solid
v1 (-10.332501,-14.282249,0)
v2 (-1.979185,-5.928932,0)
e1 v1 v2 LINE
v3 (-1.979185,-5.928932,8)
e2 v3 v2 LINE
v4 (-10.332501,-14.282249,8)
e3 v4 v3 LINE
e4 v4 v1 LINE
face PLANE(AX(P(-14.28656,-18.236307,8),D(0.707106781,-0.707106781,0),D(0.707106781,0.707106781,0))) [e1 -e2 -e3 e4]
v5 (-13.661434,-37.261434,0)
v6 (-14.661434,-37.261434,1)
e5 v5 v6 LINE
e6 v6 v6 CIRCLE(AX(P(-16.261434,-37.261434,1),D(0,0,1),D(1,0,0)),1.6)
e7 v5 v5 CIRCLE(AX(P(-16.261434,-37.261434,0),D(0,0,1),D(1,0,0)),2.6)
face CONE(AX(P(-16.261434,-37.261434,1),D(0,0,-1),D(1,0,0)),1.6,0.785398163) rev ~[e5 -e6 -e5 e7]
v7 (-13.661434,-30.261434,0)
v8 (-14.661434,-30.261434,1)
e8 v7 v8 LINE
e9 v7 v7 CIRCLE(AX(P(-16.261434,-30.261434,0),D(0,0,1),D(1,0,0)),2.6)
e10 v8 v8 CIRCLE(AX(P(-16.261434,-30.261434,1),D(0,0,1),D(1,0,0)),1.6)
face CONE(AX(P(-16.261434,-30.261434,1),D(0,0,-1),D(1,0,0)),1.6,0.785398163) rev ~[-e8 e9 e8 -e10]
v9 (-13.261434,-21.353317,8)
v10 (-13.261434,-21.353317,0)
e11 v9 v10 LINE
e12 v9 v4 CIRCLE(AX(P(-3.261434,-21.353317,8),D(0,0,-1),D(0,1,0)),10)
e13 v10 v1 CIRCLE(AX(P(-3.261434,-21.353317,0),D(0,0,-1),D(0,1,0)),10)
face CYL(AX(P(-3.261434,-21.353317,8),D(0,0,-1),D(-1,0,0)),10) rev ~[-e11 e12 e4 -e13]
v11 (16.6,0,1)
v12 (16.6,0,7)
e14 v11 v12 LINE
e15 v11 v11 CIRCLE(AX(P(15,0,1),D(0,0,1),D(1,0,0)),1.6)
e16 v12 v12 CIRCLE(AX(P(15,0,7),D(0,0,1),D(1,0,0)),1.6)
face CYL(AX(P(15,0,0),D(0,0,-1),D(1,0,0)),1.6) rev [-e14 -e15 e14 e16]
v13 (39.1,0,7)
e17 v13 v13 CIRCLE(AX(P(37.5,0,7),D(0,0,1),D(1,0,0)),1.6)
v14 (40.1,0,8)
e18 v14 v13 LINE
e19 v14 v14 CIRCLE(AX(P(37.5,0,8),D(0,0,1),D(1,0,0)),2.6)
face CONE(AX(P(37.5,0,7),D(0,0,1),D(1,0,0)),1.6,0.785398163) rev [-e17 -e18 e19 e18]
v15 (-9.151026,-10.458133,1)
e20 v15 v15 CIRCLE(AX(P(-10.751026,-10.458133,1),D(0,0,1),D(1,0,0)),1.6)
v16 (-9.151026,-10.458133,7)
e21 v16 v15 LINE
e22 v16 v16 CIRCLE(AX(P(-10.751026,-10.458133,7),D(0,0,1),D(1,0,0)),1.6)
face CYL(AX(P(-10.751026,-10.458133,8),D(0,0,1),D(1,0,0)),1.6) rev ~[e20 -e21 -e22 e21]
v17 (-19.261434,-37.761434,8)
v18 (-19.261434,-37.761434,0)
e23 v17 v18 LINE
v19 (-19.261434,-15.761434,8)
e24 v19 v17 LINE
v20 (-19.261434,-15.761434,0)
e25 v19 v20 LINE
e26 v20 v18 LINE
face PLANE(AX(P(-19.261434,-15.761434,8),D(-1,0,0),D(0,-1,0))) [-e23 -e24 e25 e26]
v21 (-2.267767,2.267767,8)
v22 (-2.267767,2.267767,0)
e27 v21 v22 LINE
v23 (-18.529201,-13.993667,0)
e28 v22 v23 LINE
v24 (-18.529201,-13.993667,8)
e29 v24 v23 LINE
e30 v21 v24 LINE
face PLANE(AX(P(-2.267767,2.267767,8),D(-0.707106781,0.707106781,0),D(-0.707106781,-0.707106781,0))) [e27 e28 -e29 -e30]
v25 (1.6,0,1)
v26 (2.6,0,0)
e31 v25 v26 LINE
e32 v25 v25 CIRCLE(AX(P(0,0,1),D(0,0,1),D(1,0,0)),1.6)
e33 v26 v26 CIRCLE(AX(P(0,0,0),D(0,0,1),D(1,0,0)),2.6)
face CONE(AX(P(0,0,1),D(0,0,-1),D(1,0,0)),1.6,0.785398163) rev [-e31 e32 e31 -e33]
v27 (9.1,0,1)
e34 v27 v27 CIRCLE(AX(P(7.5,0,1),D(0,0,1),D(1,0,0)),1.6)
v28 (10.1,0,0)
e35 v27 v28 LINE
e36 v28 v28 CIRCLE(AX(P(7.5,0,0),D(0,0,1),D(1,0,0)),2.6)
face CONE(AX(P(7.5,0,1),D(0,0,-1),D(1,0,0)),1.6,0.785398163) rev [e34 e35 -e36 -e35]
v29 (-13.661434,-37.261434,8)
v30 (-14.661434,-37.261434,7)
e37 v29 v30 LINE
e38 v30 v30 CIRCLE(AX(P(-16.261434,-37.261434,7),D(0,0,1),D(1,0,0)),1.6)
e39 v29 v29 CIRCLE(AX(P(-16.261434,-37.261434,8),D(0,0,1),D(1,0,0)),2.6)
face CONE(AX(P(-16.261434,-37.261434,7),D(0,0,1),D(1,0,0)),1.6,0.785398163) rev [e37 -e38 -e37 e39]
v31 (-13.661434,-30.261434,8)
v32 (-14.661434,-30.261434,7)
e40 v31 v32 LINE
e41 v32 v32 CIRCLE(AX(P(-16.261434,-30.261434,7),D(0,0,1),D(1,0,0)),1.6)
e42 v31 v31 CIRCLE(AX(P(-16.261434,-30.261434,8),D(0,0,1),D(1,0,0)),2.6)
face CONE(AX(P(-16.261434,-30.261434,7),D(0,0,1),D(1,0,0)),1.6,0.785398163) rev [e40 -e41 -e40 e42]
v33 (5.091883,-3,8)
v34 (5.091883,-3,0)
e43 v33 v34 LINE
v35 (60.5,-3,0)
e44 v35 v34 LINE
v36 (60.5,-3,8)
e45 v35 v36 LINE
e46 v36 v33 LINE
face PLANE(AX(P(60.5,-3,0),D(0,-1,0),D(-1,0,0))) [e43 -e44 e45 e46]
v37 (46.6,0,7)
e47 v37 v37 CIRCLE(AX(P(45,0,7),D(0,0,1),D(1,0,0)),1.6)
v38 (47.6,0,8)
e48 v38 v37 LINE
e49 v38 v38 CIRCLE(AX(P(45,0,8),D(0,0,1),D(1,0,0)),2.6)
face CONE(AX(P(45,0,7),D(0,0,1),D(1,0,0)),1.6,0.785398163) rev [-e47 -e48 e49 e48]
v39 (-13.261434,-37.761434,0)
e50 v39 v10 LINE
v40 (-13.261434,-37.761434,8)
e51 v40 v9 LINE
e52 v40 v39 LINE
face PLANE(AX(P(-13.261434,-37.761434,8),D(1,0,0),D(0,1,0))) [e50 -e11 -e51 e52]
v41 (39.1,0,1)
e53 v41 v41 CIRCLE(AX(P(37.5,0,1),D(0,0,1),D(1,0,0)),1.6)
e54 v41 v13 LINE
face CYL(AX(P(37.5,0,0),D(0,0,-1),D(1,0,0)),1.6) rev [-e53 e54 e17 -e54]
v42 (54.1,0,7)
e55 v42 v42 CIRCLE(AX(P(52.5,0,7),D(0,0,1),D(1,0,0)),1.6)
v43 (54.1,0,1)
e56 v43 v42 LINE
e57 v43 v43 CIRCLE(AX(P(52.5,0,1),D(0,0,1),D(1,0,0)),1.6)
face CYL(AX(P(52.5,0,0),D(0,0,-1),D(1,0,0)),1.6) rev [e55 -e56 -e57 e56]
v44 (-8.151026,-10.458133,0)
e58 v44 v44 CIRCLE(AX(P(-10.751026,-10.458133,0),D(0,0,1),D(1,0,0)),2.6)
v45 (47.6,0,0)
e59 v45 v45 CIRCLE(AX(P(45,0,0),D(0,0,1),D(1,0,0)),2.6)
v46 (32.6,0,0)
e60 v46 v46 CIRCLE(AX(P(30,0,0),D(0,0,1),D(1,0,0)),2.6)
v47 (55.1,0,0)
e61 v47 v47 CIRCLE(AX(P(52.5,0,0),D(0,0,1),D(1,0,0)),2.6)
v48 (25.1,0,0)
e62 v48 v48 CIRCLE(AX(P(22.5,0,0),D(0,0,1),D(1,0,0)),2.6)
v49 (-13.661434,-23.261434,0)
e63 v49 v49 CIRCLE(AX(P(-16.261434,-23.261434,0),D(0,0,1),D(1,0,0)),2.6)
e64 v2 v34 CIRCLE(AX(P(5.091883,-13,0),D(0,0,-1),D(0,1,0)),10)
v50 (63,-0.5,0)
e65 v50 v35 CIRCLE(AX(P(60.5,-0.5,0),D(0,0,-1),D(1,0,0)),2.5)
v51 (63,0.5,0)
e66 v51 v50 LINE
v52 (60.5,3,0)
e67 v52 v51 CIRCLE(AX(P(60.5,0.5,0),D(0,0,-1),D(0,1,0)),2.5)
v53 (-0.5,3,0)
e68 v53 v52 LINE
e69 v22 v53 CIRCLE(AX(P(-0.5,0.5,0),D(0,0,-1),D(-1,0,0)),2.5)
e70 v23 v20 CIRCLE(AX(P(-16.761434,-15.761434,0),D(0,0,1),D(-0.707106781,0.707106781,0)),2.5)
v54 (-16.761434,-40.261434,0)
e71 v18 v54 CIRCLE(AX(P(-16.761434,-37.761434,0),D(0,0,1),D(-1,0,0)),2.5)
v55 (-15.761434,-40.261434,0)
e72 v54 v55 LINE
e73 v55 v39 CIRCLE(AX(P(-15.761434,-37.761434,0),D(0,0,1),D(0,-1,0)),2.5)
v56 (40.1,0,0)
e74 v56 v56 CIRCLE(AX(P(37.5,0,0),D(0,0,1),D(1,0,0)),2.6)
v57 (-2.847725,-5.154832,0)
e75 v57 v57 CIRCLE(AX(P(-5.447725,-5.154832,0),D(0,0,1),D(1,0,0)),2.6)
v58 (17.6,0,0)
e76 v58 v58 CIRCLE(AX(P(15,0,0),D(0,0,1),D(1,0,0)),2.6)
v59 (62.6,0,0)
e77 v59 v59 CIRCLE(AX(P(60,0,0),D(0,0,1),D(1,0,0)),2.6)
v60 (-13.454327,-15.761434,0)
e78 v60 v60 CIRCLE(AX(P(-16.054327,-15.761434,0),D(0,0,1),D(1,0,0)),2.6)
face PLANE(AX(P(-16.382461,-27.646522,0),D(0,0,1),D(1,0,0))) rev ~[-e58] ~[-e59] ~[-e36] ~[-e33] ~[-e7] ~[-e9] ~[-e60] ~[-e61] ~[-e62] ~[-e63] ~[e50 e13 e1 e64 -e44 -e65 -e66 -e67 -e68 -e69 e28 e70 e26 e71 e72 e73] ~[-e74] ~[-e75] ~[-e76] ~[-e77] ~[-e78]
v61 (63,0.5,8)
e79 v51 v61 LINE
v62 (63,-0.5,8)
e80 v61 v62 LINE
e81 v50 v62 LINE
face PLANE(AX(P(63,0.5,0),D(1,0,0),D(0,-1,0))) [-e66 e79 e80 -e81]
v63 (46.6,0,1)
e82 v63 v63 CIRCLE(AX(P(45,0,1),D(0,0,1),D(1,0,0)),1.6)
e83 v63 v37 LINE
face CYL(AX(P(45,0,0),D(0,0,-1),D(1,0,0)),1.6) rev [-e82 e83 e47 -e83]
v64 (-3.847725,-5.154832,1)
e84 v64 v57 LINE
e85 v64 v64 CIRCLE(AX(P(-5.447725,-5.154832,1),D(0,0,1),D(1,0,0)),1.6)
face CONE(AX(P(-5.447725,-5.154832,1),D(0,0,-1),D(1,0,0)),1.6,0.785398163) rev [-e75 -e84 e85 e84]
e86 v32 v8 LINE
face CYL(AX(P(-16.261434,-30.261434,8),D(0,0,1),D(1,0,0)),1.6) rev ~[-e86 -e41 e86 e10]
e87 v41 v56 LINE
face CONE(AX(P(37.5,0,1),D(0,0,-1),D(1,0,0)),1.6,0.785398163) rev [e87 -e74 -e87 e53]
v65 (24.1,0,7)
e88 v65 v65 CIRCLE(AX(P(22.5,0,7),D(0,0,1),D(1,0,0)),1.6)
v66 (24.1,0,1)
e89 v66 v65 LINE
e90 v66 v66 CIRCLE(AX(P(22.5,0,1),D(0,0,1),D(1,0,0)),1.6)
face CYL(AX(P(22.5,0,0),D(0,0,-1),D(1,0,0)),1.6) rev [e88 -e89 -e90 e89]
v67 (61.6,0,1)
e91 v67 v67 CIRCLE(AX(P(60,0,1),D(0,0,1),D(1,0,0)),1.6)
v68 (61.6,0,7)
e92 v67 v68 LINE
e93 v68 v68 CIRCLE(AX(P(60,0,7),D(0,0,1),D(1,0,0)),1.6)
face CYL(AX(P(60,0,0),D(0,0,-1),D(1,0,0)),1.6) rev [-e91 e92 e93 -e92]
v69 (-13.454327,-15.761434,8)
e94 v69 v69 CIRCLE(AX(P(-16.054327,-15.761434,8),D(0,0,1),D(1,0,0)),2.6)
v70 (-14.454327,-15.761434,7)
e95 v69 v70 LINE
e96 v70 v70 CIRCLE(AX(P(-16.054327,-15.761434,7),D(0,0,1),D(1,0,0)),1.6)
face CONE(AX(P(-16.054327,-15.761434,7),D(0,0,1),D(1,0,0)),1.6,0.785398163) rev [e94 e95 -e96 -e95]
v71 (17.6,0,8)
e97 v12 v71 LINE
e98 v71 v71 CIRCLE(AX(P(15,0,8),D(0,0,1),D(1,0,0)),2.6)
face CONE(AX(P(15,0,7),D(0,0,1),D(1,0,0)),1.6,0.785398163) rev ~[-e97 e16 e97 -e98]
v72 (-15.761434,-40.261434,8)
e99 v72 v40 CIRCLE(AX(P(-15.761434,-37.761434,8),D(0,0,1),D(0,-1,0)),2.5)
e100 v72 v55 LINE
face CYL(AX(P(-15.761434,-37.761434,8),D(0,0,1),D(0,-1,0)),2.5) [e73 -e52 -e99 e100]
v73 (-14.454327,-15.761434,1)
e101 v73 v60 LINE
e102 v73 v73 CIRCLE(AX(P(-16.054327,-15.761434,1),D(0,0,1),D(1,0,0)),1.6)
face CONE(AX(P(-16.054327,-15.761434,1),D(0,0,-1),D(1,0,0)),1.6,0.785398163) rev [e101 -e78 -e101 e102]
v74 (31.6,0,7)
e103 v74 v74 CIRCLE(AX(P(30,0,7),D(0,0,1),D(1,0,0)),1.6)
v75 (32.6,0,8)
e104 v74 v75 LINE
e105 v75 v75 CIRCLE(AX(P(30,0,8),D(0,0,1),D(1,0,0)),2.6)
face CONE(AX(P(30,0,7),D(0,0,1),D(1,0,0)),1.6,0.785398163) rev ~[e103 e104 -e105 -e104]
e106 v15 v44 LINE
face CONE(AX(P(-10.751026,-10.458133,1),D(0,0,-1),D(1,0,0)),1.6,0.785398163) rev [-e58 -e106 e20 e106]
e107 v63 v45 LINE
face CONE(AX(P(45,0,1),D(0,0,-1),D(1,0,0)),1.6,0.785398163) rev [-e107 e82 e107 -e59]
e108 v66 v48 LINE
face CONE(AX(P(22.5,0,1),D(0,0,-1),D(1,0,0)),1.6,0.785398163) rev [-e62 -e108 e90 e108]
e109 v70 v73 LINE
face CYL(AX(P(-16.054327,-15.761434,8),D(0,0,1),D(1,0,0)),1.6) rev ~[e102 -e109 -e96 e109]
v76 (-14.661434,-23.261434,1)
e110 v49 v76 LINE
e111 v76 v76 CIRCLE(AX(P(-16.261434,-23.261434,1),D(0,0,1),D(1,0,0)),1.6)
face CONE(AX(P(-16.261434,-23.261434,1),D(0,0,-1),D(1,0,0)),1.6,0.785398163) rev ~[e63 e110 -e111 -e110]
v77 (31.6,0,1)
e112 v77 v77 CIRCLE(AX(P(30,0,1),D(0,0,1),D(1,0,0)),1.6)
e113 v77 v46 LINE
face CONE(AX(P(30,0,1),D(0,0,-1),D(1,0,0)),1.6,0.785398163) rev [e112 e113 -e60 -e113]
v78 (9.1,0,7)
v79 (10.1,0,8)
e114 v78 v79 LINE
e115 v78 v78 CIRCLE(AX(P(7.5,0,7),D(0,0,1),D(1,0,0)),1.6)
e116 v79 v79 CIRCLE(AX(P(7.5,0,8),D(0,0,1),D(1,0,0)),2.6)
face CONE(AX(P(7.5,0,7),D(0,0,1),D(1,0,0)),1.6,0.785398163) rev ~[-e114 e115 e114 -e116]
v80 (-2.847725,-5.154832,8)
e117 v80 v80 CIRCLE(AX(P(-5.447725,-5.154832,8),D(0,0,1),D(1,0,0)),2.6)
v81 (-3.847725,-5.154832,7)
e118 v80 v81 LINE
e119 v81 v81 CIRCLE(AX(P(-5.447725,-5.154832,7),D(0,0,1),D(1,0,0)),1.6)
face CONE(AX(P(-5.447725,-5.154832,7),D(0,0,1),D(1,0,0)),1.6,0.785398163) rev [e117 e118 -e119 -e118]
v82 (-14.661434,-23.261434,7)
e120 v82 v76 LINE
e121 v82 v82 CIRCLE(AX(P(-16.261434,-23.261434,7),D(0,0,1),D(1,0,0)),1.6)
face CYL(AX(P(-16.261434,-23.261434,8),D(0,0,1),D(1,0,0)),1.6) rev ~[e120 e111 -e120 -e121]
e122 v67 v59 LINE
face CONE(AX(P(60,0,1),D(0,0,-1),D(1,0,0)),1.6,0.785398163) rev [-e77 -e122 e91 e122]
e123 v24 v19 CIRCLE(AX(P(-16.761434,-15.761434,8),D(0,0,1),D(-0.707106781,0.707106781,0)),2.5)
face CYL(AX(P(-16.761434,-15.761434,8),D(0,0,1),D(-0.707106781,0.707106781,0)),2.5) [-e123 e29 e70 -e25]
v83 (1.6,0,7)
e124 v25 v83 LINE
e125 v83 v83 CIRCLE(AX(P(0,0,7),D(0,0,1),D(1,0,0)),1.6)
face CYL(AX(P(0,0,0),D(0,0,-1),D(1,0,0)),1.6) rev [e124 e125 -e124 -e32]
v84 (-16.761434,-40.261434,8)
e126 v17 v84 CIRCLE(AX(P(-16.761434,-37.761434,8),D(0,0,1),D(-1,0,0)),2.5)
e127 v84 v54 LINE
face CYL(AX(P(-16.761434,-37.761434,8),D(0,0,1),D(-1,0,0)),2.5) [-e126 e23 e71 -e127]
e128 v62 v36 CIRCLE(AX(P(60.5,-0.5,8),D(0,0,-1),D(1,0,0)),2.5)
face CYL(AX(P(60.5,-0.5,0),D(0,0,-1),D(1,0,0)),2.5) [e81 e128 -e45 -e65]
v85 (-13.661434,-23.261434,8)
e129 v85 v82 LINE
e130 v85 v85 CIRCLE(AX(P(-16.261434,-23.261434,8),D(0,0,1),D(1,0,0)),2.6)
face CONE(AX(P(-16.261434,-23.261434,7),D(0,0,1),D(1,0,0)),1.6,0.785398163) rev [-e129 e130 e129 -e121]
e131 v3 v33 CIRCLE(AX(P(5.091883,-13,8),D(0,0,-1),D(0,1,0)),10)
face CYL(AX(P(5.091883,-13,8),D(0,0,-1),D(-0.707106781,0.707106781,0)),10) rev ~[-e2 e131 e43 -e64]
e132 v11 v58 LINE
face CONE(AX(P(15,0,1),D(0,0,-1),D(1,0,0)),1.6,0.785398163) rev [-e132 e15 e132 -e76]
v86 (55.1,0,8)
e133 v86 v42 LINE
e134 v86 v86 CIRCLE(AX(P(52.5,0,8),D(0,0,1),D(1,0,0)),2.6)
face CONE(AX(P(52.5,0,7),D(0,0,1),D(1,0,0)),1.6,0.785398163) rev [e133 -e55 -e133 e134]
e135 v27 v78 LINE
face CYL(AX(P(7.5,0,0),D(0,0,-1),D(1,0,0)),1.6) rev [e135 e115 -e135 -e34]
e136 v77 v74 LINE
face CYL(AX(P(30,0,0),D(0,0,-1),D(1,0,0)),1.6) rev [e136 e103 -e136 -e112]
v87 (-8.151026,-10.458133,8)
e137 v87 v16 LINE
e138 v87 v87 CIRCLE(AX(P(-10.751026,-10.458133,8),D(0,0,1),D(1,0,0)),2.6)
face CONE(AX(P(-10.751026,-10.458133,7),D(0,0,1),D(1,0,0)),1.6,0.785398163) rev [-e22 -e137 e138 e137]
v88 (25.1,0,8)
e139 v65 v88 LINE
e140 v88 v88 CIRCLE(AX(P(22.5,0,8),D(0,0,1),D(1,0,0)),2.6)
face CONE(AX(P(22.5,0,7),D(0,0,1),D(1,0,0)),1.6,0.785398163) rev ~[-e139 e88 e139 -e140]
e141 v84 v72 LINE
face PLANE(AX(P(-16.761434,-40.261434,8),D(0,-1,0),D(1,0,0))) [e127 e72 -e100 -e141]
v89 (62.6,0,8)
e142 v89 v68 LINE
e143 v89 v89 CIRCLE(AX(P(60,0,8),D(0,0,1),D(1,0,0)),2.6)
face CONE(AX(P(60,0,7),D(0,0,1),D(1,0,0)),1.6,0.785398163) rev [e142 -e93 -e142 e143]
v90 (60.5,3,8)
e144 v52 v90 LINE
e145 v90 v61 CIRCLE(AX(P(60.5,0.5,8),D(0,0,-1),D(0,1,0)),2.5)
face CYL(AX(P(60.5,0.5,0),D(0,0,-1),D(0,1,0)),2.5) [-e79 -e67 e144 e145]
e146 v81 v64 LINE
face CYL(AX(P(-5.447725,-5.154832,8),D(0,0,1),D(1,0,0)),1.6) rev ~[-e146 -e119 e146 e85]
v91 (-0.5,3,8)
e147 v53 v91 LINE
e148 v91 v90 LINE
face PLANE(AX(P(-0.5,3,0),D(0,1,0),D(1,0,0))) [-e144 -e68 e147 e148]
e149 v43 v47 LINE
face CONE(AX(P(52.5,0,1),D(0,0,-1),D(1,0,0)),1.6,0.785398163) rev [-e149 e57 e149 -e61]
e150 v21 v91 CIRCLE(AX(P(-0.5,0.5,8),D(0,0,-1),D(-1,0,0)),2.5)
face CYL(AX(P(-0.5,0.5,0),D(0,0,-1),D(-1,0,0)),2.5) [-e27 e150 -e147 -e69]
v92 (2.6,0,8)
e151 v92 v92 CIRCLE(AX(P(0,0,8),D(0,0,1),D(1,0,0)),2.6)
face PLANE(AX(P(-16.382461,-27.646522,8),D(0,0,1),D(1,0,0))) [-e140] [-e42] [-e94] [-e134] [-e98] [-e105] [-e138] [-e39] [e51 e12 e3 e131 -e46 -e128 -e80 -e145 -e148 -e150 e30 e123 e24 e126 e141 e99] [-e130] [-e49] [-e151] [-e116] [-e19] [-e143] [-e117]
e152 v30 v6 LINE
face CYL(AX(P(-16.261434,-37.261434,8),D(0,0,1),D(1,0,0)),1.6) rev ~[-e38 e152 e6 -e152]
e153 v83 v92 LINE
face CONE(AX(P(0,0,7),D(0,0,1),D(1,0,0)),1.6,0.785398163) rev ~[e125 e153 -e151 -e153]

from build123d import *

# Parameters (mm, degrees)
SKETCH1_R           = 1.6
BOSS_EXTRUDE1_DEPTH = 8
CHAMFER1_SIZE       = 1
SKETCH2_R           = 1.6
BOSS_EXTRUDE3_DEPTH = 8
FILLET1_R           = 10
CHAMFER2_SIZE       = 1
CHAMFER3_SIZE       = 1
CHAMFER4_SIZE       = 1
SKETCH3_R           = 1.6
BOSS_EXTRUDE4_DEPTH = 8
CHAMFER5_SIZE       = 1
FILLET2_R           = 10


with BuildPart() as part:
    # Sketch1 → Boss-Extrude1 (new body)
    with BuildSketch(Plane.XY):
        with BuildLine():
            Line((-0.5, 3), (60.5, 3))
            ThreePointArc((60.5, 3), (62.267766953, 2.267766953), (63, 0.5))
            Line((63, 0.5), (63, -0.5))
            ThreePointArc((63, -0.5), (62.267766953, -2.267766953), (60.5, -3))
            Line((60.5, -3), (-0.5, -3))
            ThreePointArc((-0.5, -3), (-2.267766953, -2.267766953), (-3, -0.5))
            Line((-3, -0.5), (-3, 0.5))
            ThreePointArc((-3, 0.5), (-2.267766953, 2.267766953), (-0.5, 3))
        make_face()
        Circle(SKETCH1_R, mode=Mode.SUBTRACT)
        with Locations((7.5, 0)):
            Circle(SKETCH1_R, mode=Mode.SUBTRACT)
        with Locations((15, 0)):
            Circle(SKETCH1_R, mode=Mode.SUBTRACT)
        with Locations((22.5, 0)):
            Circle(SKETCH1_R, mode=Mode.SUBTRACT)
        with Locations((30, 0)):
            Circle(SKETCH1_R, mode=Mode.SUBTRACT)
        with Locations((37.5, 0)):
            Circle(SKETCH1_R, mode=Mode.SUBTRACT)
        with Locations((45, 0)):
            Circle(SKETCH1_R, mode=Mode.SUBTRACT)
        with Locations((52.5, 0)):
            Circle(SKETCH1_R, mode=Mode.SUBTRACT)
        with Locations((60, 0)):
            Circle(SKETCH1_R, mode=Mode.SUBTRACT)
    extrude(amount=BOSS_EXTRUDE1_DEPTH)

    # Chamfer1
    chamfer1_edges = [part.edges().sort_by_distance(p)[0] for p in [
        (-1.6, 0, 0),
        (-1.6, 0, 8),
        (5.9, 0, 0),
        (5.9, 0, 8),
        (13.4, 0, 0),
        (13.4, 0, 8),
        (20.9, 0, 0),
        (20.9, 0, 8),
        (28.4, 0, 0),
        (28.4, 0, 8),
    ]]
    chamfer(chamfer1_edges, length=CHAMFER1_SIZE)

    # Sketch2 → Boss-Extrude3 (add)
    with BuildSketch(Plane.XY.offset(8)):
        with BuildLine():
            ThreePointArc((-3, 0.5), (-2.809698831, 1.456708581), (-2.267766953, 2.267766953))
            Line((-2.267766953, 2.267766953), (-18.529200529, -13.993666623))
            ThreePointArc((-18.529200529, -13.993666623), (-19.261433576, -15.761433576), (-18.529200529, -17.529200529))
            Line((-18.529200529, -17.529200529), (-17.822093748, -18.23630731))
            ThreePointArc((-17.822093748, -18.23630731), (-16.054326795, -18.968540357), (-14.286559842, -18.23630731))
            Line((-14.286559842, -18.23630731), (0.949747468, -3))
            Line((0.949747468, -3), (-0.5, -3))
            ThreePointArc((-0.5, -3), (-2.267766953, -2.267766953), (-3, -0.5))
            Line((-3, -0.5), (-3, 0.5))
        make_face()
        with Locations((-16.054326795, -15.761433576)):
            Circle(SKETCH2_R, mode=Mode.SUBTRACT)
        with Locations((-10.751025936, -10.458132717)):
            Circle(SKETCH2_R, mode=Mode.SUBTRACT)
        with Locations((-5.447725077, -5.154831858)):
            Circle(SKETCH2_R, mode=Mode.SUBTRACT)
    extrude(amount=-BOSS_EXTRUDE3_DEPTH)

    # Fillet1
    fillet1_edges = [part.edges().sort_by_distance(p)[0] for p in [
        (0.949747468, -3, 4),
    ]]
    fillet(fillet1_edges, radius=FILLET1_R)

    # Chamfer2
    chamfer2_edges = [part.edges().sort_by_distance(p)[0] for p in [
        (-17.654326795, -15.761433576, 0),
        (-17.654326795, -15.761433576, 8),
        (-12.351025936, -10.458132717, 8),
        (-7.047725077, -5.154831858, 8),
        (-7.047725077, -5.154831858, 0),
        (-12.351025936, -10.458132717, 0),
    ]]
    chamfer(chamfer2_edges, length=CHAMFER2_SIZE)

    # Chamfer3
    chamfer3_edges = [part.edges().sort_by_distance(p)[0] for p in [
        (35.9, 0, 0),
        (35.9, 0, 8),
        (43.4, 0, 0),
        (43.4, 0, 8),
    ]]
    chamfer(chamfer3_edges, length=CHAMFER3_SIZE)

    # Chamfer4
    chamfer4_edges = [part.edges().sort_by_distance(p)[0] for p in [
        (50.9, 0, 0),
        (50.9, 0, 8),
        (58.4, 0, 0),
        (58.4, 0, 8),
    ]]
    chamfer(chamfer4_edges, length=CHAMFER4_SIZE)

    # Sketch3 → Boss-Extrude4 (add)
    with BuildSketch(Plane.XY.offset(8)):
        with BuildLine():
            ThreePointArc((-18.529200529, -17.529200529), (-19.071132407, -16.718142157), (-19.261433576, -15.761433576))
            Line((-19.261433576, -15.761433576), (-19.261433576, -37.761433576))
            ThreePointArc((-19.261433576, -37.761433576), (-18.529200529, -39.529200529), (-16.761433576, -40.261433576))
            Line((-16.761433576, -40.261433576), (-15.761433576, -40.261433576))
            ThreePointArc((-15.761433576, -40.261433576), (-13.993666623, -39.529200529), (-13.261433576, -37.761433576))
            Line((-13.261433576, -37.761433576), (-13.261433576, -17.211181044))
            Line((-13.261433576, -17.211181044), (-14.286559842, -18.23630731))
            ThreePointArc((-14.286559842, -18.23630731), (-16.054326795, -18.968540357), (-17.822093748, -18.23630731))
            Line((-17.822093748, -18.23630731), (-18.529200529, -17.529200529))
        make_face()
        with Locations((-16.261433576, -30.261433576)):
            Circle(SKETCH3_R, mode=Mode.SUBTRACT)
        with Locations((-16.261433576, -37.261433576)):
            Circle(SKETCH3_R, mode=Mode.SUBTRACT)
        with Locations((-16.261433576, -23.261433576)):
            Circle(SKETCH3_R, mode=Mode.SUBTRACT)
    extrude(amount=-BOSS_EXTRUDE4_DEPTH)

    # Chamfer5
    chamfer5_edges = [part.edges().sort_by_distance(p)[0] for p in [
        (-17.861433576, -37.261433576, 8),
        (-17.861433576, -30.261433576, 8),
        (-17.861433576, -23.261433576, 8),
        (-17.861433576, -23.261433576, 0),
        (-17.861433576, -30.261433576, 0),
        (-17.861433576, -37.261433576, 0),
    ]]
    chamfer(chamfer5_edges, length=CHAMFER5_SIZE)

    # Fillet2
    fillet2_edges = [part.edges().sort_by_distance(p)[0] for p in [
        (-13.261433576, -17.211181044, 4),
    ]]
    fillet(fillet2_edges, radius=FILLET2_R)


solid = part.part
